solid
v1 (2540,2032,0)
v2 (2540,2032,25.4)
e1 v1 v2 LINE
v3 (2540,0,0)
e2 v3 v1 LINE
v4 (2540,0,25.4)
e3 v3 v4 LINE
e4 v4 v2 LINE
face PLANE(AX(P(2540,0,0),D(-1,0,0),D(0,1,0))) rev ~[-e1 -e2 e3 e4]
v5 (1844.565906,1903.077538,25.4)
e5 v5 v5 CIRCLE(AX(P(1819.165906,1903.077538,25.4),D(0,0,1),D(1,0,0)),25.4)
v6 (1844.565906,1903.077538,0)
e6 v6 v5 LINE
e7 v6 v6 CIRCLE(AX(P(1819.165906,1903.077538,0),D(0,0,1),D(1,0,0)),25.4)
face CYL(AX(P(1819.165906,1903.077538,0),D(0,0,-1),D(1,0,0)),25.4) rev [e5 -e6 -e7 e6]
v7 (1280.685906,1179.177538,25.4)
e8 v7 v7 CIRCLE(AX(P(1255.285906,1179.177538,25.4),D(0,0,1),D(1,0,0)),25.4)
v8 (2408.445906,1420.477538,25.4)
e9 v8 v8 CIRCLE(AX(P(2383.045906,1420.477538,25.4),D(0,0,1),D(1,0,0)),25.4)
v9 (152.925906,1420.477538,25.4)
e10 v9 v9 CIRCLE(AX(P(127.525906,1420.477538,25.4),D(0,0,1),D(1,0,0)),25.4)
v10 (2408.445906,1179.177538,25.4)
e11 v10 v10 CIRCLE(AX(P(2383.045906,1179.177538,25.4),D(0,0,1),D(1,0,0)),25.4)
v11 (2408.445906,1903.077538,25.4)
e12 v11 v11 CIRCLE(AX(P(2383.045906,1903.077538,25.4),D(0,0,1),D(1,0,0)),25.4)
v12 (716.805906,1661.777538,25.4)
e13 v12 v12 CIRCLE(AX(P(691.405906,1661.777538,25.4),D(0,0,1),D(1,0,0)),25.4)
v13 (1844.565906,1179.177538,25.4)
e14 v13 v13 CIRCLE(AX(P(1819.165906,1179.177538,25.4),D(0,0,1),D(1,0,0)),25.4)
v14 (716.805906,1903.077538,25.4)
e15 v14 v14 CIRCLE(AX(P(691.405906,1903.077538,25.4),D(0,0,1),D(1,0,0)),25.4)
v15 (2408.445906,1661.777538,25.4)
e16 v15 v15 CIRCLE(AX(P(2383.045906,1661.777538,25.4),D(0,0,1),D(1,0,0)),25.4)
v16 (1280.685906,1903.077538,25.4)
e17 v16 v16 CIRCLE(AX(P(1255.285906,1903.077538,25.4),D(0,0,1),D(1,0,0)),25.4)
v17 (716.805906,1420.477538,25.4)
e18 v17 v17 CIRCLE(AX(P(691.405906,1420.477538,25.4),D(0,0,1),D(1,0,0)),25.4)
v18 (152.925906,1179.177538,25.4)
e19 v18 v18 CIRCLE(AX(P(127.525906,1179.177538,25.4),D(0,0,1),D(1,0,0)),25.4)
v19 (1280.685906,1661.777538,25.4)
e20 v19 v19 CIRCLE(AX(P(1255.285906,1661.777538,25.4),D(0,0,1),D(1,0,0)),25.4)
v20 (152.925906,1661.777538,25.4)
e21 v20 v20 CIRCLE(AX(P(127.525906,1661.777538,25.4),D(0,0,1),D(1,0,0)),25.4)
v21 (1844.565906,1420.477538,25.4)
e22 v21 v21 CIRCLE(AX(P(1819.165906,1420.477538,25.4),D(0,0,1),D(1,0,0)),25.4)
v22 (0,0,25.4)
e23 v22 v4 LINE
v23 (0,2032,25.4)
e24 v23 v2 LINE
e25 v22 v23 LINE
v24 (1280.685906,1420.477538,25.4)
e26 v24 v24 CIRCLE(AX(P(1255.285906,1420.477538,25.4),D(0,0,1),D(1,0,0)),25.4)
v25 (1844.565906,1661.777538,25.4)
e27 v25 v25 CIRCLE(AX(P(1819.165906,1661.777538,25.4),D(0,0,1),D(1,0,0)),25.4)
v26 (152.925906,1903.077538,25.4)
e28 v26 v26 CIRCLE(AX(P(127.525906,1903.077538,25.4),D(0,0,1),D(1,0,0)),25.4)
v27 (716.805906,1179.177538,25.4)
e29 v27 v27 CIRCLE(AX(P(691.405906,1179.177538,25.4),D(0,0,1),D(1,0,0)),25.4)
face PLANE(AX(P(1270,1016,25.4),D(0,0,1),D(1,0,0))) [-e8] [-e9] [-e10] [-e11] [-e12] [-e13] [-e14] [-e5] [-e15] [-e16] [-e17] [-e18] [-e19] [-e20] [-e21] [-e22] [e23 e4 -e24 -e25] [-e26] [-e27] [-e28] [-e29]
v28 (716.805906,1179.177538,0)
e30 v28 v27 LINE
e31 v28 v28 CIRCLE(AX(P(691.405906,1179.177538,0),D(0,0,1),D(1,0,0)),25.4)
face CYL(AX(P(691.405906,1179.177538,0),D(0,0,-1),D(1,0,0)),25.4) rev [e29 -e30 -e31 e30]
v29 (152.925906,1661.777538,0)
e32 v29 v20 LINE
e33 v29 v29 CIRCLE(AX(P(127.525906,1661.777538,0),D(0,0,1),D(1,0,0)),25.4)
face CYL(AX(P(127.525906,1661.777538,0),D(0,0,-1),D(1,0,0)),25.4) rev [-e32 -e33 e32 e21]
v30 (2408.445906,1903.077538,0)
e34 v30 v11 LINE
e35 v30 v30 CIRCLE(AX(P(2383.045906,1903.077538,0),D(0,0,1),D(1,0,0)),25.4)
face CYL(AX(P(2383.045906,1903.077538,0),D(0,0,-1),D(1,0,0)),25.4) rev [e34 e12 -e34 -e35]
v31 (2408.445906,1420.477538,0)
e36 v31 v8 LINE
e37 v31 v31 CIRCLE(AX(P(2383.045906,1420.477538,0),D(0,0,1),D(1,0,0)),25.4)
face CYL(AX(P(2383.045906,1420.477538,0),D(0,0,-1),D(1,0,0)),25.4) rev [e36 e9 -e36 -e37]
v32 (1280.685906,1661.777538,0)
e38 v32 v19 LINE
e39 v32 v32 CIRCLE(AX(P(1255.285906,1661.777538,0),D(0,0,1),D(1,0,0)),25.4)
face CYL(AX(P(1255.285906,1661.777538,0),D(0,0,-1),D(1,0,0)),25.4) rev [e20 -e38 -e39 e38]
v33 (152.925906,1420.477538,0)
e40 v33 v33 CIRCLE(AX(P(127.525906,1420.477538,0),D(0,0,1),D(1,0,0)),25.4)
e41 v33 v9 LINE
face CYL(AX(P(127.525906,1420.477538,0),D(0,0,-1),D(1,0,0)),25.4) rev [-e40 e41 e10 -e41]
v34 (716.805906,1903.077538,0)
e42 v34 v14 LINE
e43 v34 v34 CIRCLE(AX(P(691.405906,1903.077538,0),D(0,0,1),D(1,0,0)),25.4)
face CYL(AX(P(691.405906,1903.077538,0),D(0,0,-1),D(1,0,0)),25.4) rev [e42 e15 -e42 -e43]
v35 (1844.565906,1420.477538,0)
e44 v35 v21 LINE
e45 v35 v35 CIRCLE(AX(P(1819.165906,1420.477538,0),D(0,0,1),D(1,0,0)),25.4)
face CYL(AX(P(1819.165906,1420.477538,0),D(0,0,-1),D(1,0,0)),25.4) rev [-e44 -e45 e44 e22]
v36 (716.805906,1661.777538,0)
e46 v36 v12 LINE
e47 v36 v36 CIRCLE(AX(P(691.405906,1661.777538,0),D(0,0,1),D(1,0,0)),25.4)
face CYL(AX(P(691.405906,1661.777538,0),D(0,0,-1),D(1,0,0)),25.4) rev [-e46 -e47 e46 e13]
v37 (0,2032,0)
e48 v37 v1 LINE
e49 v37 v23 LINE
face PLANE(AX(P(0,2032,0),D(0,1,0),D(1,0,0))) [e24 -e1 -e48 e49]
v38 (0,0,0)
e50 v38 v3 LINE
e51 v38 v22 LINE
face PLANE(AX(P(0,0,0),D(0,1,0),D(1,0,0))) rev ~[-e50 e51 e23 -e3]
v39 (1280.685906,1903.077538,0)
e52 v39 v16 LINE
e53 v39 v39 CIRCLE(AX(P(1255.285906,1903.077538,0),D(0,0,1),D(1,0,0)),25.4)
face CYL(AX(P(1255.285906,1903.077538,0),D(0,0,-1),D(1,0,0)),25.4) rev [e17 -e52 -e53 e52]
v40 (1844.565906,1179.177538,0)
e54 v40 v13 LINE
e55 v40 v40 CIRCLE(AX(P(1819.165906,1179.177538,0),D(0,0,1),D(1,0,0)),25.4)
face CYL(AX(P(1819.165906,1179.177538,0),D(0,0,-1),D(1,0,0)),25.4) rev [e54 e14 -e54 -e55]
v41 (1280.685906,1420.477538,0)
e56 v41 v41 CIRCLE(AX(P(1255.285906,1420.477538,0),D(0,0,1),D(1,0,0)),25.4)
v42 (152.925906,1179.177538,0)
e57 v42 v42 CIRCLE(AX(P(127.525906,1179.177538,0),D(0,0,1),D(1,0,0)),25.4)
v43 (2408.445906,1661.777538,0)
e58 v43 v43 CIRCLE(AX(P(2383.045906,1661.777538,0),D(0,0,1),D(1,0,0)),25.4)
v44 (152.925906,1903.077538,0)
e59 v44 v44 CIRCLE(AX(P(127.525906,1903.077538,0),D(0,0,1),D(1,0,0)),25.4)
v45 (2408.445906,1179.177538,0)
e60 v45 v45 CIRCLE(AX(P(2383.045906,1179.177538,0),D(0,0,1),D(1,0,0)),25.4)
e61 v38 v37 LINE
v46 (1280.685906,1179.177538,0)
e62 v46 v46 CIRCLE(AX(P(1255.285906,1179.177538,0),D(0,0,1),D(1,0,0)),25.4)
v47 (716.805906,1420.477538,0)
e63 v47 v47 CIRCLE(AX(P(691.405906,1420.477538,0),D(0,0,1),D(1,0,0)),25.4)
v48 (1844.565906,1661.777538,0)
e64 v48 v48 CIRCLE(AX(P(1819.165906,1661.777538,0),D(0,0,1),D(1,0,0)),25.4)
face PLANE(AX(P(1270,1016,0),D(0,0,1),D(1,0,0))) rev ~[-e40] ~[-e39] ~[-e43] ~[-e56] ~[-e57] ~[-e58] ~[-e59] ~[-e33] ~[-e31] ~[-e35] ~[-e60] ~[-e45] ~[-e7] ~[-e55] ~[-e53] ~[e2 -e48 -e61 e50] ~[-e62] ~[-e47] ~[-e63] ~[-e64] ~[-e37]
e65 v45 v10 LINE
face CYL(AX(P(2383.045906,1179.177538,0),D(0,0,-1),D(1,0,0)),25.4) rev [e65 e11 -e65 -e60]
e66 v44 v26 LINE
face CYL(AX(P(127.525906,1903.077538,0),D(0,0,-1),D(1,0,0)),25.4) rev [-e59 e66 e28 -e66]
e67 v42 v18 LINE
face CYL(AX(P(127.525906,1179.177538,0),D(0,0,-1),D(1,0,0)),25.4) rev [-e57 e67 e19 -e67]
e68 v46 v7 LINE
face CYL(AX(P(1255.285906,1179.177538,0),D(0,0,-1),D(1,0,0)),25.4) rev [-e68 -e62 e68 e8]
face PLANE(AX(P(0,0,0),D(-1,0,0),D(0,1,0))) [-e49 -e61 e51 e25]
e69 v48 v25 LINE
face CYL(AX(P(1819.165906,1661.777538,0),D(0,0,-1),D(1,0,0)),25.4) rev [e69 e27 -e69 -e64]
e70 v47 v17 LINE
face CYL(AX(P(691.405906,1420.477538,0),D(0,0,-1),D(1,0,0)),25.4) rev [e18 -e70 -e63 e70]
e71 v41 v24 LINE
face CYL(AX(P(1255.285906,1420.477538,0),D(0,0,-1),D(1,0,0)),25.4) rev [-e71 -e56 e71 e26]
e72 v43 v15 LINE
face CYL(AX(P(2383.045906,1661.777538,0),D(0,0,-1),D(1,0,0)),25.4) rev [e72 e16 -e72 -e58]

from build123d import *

# Parameters (mm, degrees)
F0_W     = 2540
F0_H     = 2032
F0_R     = 25.4
F1_DEPTH = 25.4


with BuildPart() as f1:
    # F0 (on Top) → F1 (new body)
    with BuildSketch(Plane.XY):
        with Locations((1270, 1016)):
            Rectangle(F0_W, F0_H)
        with Locations((127.525906, 1179.177538)):
            Circle(F0_R, mode=Mode.SUBTRACT)
        with Locations((127.525906, 1420.477538)):
            Circle(F0_R, mode=Mode.SUBTRACT)
        with Locations((691.405906, 1179.177538)):
            Circle(F0_R, mode=Mode.SUBTRACT)
        with Locations((1255.285906, 1179.177538)):
            Circle(F0_R, mode=Mode.SUBTRACT)
        with Locations((691.405906, 1420.477538)):
            Circle(F0_R, mode=Mode.SUBTRACT)
        with Locations((1255.285906, 1420.477538)):
            Circle(F0_R, mode=Mode.SUBTRACT)
        with Locations((127.525906, 1661.777538)):
            Circle(F0_R, mode=Mode.SUBTRACT)
        with Locations((127.525906, 1903.077538)):
            Circle(F0_R, mode=Mode.SUBTRACT)
        with Locations((691.405906, 1661.777538)):
            Circle(F0_R, mode=Mode.SUBTRACT)
        with Locations((1255.285906, 1661.777538)):
            Circle(F0_R, mode=Mode.SUBTRACT)
        with Locations((691.405906, 1903.077538)):
            Circle(F0_R, mode=Mode.SUBTRACT)
        with Locations((1255.285906, 1903.077538)):
            Circle(F0_R, mode=Mode.SUBTRACT)
        with Locations((1819.165906, 1179.177538)):
            Circle(F0_R, mode=Mode.SUBTRACT)
        with Locations((1819.165906, 1420.477538)):
            Circle(F0_R, mode=Mode.SUBTRACT)
        with Locations((2383.045906, 1179.177538)):
            Circle(F0_R, mode=Mode.SUBTRACT)
        with Locations((2383.045906, 1420.477538)):
            Circle(F0_R, mode=Mode.SUBTRACT)
        with Locations((1819.165906, 1661.777538)):
            Circle(F0_R, mode=Mode.SUBTRACT)
        with Locations((1819.165906, 1903.077538)):
            Circle(F0_R, mode=Mode.SUBTRACT)
        with Locations((2383.045906, 1661.777538)):
            Circle(F0_R, mode=Mode.SUBTRACT)
        with Locations((2383.045906, 1903.077538)):
            Circle(F0_R, mode=Mode.SUBTRACT)
    extrude(amount=F1_DEPTH)


solid = f1.part
